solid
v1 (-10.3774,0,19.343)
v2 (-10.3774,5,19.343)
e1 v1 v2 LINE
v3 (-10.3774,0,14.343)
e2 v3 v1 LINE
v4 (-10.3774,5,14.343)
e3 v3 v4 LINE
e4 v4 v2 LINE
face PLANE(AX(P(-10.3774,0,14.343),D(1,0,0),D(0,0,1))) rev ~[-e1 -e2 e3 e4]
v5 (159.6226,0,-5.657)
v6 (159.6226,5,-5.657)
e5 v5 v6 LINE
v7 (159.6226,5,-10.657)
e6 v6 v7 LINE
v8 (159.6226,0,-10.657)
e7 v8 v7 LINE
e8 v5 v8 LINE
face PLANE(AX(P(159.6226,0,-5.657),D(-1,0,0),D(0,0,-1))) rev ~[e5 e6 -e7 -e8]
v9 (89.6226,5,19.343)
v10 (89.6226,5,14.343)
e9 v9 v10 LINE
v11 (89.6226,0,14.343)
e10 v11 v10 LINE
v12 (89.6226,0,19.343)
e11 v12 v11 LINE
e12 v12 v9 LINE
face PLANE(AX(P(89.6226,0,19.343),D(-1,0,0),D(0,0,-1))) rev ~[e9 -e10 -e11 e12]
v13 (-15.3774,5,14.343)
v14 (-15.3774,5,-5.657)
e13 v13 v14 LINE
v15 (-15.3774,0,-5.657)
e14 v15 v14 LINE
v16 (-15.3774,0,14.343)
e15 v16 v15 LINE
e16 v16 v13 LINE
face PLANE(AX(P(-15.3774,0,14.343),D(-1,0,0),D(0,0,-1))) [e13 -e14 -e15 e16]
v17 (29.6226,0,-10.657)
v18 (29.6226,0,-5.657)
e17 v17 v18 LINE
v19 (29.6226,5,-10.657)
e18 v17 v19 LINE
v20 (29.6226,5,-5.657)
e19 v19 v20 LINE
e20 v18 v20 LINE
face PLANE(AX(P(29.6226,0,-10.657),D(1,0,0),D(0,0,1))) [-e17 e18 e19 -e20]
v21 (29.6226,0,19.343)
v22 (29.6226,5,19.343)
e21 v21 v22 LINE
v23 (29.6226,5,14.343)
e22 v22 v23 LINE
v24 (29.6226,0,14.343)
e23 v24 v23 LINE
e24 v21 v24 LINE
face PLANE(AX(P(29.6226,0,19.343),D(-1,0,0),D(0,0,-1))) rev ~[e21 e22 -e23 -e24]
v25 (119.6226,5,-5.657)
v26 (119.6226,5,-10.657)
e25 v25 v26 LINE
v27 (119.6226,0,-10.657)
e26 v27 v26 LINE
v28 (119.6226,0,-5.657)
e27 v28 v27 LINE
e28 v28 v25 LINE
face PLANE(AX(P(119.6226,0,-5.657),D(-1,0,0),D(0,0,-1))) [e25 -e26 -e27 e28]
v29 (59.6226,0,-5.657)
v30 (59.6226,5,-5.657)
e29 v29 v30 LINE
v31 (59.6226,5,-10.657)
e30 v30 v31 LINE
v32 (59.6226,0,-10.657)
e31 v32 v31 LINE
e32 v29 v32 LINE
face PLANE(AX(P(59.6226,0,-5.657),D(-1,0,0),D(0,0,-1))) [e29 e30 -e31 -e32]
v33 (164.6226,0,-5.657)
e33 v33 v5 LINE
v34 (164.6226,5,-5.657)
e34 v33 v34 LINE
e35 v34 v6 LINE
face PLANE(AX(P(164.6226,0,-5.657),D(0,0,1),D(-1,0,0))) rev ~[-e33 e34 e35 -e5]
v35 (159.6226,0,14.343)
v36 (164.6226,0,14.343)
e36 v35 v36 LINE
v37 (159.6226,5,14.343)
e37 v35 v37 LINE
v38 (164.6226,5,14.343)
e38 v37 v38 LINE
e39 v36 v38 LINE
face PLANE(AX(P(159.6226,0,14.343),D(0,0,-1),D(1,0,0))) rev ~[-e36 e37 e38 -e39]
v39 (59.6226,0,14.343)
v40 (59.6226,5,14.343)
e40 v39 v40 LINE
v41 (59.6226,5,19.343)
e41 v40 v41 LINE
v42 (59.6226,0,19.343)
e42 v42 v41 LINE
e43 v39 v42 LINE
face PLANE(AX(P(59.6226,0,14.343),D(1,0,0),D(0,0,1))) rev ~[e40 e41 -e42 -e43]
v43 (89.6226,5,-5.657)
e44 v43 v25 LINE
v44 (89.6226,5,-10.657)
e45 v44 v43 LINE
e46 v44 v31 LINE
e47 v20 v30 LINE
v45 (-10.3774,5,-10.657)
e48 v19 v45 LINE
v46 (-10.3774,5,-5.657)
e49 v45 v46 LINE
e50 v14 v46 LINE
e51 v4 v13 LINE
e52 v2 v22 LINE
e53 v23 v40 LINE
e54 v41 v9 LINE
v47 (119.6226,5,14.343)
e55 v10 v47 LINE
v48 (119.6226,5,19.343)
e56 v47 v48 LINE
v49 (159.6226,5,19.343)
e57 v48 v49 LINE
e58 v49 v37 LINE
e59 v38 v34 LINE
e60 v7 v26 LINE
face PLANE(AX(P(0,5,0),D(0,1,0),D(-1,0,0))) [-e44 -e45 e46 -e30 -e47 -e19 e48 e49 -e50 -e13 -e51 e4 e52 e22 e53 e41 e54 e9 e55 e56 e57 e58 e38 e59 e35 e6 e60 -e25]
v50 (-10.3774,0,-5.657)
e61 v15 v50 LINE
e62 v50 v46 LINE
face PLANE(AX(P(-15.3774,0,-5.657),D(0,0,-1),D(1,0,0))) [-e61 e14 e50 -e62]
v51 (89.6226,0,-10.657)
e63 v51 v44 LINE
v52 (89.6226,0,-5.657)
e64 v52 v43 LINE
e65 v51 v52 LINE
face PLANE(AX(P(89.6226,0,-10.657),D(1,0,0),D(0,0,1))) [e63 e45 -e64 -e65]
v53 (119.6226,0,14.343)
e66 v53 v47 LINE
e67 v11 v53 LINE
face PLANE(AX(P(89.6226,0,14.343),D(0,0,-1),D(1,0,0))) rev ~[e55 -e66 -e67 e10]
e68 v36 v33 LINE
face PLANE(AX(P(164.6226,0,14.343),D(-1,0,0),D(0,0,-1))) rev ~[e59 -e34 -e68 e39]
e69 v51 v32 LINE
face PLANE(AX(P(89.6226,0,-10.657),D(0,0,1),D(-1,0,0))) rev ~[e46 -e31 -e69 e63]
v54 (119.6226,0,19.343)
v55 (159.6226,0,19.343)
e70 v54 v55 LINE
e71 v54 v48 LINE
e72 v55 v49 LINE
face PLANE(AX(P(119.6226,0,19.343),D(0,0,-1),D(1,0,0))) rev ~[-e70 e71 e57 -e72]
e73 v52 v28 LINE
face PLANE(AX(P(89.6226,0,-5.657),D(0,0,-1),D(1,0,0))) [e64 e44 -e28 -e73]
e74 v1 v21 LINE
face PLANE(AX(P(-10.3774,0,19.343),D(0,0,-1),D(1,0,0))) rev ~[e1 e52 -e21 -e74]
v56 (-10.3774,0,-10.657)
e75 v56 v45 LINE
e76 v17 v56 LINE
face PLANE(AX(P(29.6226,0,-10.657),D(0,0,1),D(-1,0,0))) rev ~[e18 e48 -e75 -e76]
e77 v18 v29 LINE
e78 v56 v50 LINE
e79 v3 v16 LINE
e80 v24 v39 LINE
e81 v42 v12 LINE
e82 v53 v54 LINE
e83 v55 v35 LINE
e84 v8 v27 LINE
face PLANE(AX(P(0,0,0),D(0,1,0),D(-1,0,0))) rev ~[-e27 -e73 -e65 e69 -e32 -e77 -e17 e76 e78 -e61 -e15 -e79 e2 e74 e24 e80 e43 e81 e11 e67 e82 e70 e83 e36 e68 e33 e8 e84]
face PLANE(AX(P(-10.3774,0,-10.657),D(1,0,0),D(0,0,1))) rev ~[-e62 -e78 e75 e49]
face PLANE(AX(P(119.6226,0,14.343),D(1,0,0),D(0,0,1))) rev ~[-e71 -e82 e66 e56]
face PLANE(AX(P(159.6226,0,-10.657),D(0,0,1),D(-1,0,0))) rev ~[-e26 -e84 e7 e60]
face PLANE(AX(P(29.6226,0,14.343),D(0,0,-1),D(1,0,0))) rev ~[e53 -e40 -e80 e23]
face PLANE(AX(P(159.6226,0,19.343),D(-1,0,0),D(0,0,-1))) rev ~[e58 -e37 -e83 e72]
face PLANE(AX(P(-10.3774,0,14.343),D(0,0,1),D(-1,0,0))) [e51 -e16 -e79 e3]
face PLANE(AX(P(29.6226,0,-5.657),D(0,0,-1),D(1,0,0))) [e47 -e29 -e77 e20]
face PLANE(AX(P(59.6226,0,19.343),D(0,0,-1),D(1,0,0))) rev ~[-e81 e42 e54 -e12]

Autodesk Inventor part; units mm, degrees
ref_plane "YZ Plane" through (0, 0, 0) normal (1, 0, 0) x (0, 1, 0)
ref_plane "XZ Plane" through (0, 0, 0) normal (0, 1, 0) x (-1, 0, 0)
ref_plane "XY Plane" through (0, 0, 0) normal (0, 0, 1) x (1, 0, 0)
sketch "Sketch1" plane through (0, 0, 0) normal (0, 1, 0) x (-1, 0, 0)
  line L0 (10.3774, 19.343) -> (-159.6226, 19.343)
  line L1 (-159.6226, 19.343) -> (-159.6226, -10.657)
  line L2 (-159.6226, -10.657) -> (10.3774, -10.657)
  line L3 (10.3774, -10.657) -> (10.3774, 19.343)
  line L4 (10.3774, 14.343) -> (15.3774, 14.343)
  line L5 (15.3774, 14.343) -> (15.3774, -5.657)
  line L6 (15.3774, -5.657) -> (10.3774, -5.657)
  line L7 (10.3774, -5.657) -> (10.3774, 14.343)
  line L8 (-159.6226, 14.343) -> (-164.6226, 14.343)
  line L9 (-164.6226, 14.343) -> (-164.6226, -5.657)
  line L10 (-164.6226, -5.657) -> (-159.6226, -5.657)
  line L11 (-159.6226, -5.657) -> (-159.6226, 14.343)
  line L12 (-119.6226, -10.657) -> (-89.6226, -10.657)
  line L13 (-89.6226, -10.657) -> (-89.6226, -5.657)
  line L14 (-89.6226, -5.657) -> (-119.6226, -5.657)
  line L15 (-119.6226, -5.657) -> (-119.6226, -10.657)
  line L16 (-59.6226, -10.657) -> (-29.6226, -10.657)
  line L17 (-29.6226, -10.657) -> (-29.6226, -5.657)
  line L18 (-29.6226, -5.657) -> (-59.6226, -5.657)
  line L19 (-59.6226, -5.657) -> (-59.6226, -10.657)
  line L20 (-159.6226, 4.343) -> (10.3774, 4.343) construction
  line L21 (-74.6226, 19.343) -> (-74.6226, -10.657) construction
  line L22 (-89.6226, 19.343) -> (-89.6226, 14.343)
  line L23 (-89.6226, 14.343) -> (-119.6226, 14.343)
  line L24 (-119.6226, 14.343) -> (-119.6226, 19.343)
  line L25 (-29.6226, 19.343) -> (-29.6226, 14.343)
  line L26 (-29.6226, 14.343) -> (-59.6226, 14.343)
  line L27 (-59.6226, 14.343) -> (-59.6226, 19.343)
  line L28 (-74.6226, -10.657) -> (-74.6226, 19.343) construction
  point P0 (0, 0)
  point P1 (10.3774, -5.657)
  dimension "d0" = 170
  dimension "d1" = 30
  dimension "d2" = 5
  dimension "d3" = 20
  dimension "d4" = 5
  dimension "d5" = 5
  dimension "d6" = 20
  dimension "d7" = 5
  dimension "d17" = 30
  dimension "d18" = 5
  dimension "d19" = 30
  dimension "d20" = 30
  dimension "d21" = 15
extrude "Extrusion1" add sketch "Sketch1" along normal blind 5 contours L3 L2 L17 L18 L19 L13 L14 L15 L1 L0 L24 L23 L22 L27 L26 L25 | L4 L5 L6 L3 | L1 L10 L9 L8
properties part number "Superior 2"
